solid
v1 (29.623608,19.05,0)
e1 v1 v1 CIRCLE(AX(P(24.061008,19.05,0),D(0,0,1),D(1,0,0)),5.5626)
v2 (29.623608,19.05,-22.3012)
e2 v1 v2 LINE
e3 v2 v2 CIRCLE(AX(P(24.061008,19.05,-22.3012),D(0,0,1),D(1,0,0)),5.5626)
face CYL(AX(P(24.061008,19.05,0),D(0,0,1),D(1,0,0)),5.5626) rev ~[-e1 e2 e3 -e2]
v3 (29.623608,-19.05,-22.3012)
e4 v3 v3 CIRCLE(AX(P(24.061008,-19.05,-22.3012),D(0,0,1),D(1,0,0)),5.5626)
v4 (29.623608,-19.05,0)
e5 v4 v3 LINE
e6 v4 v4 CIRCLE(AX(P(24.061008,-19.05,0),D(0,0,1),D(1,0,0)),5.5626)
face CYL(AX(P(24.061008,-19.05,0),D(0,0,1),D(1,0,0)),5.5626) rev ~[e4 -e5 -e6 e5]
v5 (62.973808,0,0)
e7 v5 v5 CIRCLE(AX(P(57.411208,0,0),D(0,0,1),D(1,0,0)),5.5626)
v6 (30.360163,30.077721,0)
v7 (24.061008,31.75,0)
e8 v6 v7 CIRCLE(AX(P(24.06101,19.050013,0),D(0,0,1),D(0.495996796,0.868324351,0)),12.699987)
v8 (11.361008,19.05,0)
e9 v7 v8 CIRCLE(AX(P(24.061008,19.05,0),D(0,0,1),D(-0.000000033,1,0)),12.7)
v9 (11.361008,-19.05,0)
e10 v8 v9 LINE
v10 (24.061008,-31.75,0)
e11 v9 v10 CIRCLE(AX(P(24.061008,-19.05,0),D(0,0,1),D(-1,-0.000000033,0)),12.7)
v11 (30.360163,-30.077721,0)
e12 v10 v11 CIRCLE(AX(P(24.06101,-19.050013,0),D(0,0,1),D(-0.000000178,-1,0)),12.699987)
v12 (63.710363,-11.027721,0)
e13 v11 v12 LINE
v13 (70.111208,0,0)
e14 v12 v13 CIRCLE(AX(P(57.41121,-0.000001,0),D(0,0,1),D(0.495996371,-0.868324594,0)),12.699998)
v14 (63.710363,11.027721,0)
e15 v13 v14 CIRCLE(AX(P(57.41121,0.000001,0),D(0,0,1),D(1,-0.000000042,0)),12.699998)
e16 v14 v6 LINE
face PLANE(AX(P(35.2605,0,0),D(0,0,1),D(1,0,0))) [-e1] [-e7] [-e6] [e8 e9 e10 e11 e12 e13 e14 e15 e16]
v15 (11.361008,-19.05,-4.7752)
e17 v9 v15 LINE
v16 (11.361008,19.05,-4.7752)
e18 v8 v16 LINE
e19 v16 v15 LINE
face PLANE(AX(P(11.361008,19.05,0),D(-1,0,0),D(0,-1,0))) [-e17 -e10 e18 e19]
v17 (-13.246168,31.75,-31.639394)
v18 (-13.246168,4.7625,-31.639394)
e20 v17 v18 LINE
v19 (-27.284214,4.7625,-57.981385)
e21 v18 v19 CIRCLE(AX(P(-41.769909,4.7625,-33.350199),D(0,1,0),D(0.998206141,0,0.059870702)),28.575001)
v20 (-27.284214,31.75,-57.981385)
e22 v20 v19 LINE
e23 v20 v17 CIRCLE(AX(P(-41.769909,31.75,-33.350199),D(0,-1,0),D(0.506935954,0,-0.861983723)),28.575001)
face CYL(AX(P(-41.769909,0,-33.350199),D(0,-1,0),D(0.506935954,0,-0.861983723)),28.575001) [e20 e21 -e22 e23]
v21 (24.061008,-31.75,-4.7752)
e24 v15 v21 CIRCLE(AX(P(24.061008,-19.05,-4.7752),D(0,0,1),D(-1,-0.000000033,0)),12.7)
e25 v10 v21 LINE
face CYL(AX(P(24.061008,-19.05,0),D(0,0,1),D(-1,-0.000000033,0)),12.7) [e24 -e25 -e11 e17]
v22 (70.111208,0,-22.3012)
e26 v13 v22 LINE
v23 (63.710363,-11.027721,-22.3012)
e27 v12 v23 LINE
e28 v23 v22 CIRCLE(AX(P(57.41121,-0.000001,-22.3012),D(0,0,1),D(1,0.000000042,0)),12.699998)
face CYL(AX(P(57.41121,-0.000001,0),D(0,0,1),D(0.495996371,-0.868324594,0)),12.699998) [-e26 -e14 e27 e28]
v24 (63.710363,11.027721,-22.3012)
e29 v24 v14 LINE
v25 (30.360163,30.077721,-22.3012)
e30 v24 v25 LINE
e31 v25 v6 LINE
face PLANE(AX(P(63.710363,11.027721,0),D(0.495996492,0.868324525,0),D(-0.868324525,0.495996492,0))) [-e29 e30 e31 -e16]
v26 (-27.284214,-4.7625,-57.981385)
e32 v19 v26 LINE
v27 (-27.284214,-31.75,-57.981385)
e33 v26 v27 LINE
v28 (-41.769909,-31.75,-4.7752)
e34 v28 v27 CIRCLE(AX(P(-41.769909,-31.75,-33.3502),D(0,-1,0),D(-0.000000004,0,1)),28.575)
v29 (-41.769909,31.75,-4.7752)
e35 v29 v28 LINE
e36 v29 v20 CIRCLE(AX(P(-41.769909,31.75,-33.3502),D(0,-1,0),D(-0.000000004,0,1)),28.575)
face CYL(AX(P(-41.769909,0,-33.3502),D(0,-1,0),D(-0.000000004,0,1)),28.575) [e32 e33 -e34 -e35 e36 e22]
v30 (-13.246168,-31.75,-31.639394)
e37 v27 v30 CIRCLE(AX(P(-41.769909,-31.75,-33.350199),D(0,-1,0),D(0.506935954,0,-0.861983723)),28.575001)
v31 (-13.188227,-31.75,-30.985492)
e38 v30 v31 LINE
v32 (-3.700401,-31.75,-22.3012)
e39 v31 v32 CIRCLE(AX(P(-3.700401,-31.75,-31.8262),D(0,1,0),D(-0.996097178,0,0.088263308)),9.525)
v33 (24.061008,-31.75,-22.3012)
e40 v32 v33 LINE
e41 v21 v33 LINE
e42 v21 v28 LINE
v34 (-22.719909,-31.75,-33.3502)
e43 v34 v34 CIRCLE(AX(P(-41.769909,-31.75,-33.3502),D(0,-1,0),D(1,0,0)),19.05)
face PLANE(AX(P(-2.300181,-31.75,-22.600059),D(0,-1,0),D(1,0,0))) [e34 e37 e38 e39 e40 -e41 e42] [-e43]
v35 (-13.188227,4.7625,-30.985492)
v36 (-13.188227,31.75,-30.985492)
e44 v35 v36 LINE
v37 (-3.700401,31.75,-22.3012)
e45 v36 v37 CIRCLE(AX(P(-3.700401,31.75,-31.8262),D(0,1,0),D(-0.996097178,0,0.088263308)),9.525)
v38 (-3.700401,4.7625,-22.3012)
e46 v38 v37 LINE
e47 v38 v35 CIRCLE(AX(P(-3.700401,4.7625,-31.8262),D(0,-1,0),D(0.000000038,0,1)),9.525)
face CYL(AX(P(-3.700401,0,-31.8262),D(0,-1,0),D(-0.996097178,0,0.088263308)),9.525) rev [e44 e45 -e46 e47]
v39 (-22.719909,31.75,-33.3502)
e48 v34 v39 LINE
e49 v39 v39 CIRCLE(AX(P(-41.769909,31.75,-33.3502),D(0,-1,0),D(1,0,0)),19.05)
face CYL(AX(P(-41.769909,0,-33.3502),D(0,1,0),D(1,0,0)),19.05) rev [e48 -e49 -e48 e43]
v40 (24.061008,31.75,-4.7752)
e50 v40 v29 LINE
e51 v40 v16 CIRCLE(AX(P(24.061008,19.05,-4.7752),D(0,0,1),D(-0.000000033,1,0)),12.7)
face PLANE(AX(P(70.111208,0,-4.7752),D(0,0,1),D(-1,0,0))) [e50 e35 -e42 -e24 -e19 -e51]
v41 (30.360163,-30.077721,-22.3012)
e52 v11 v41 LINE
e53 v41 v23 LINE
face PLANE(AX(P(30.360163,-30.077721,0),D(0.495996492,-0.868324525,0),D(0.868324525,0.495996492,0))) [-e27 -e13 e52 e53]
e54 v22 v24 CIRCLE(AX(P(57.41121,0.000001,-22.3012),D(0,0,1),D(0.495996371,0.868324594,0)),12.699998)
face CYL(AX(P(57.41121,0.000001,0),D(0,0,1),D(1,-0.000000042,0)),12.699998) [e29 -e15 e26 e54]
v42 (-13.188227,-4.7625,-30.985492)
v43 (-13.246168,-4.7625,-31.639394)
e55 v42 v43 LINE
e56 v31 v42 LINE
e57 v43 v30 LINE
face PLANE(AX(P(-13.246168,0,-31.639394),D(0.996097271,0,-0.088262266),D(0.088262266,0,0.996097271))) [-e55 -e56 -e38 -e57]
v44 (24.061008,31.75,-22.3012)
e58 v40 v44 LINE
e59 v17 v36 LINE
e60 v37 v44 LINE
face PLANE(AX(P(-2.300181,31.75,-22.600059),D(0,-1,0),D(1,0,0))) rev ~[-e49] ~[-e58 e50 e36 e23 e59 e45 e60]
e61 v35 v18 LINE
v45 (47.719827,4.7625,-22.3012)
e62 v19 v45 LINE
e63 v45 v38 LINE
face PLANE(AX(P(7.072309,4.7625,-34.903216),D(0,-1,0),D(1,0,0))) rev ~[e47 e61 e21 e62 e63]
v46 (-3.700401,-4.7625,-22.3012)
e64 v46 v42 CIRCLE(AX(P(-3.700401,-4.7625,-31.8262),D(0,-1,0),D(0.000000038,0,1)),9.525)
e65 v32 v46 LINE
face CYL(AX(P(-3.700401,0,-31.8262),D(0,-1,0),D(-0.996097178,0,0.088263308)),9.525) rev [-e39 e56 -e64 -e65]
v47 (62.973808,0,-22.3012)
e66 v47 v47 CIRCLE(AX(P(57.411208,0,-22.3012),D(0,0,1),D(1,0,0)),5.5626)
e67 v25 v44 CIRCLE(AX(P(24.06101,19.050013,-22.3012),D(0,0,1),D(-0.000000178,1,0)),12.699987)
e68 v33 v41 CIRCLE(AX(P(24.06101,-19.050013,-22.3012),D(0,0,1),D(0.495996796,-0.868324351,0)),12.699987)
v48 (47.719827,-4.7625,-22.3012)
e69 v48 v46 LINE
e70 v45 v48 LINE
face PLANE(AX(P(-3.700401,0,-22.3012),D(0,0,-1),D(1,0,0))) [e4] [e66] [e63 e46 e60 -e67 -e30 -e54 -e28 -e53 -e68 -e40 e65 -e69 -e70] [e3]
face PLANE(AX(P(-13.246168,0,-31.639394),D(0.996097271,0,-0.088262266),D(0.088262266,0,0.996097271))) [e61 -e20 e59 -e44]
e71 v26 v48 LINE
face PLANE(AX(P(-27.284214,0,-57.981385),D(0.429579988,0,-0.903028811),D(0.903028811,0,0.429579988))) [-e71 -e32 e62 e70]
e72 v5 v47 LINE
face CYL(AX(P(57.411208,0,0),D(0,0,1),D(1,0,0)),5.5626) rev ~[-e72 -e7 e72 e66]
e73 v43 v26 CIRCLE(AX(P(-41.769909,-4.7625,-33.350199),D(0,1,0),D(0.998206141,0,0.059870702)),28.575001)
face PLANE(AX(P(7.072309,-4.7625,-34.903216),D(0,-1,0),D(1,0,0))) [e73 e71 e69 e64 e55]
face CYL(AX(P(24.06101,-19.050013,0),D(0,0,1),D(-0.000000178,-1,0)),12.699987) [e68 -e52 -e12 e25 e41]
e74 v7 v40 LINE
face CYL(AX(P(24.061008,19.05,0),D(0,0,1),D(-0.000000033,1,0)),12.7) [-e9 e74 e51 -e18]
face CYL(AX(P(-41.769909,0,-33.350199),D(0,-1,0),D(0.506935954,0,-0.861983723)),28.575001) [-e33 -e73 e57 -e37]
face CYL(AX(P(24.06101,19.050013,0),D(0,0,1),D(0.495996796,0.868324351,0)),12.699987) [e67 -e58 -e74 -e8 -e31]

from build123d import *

# Parameters (mm, degrees)
F0_R     = 19.05
F1_DEPTH = 31.75
F2_DEPTH = 4.7625
F3_R     = 5.5626
F4_DEPTH = 4.7752
F5_DEPTH = 61.9262
F6_DEPTH = 61.9262


with BuildPart() as f1:
    # F0 (on Front) → F1 (new body, symmetric)
    with BuildSketch(Plane.XZ):
        with BuildLine():
            Line((70.111208, -4.7752), (-41.769909, -4.7752))
            ThreePointArc((-41.769909, -4.7752), (-69.341332, -40.856681), (-27.284214, -57.981385))
            ThreePointArc((-27.284214, -57.981385), (-16.552296, -46.789048), (-13.246168, -31.639394))
            Line((-13.246168, -31.639394), (-13.188227, -30.985492))
            ThreePointArc((-13.188227, -30.985492), (-10.131493, -24.800057), (-3.700401, -22.3012))
            Line((-3.700401, -22.3012), (47.719827, -22.3012))
            Line((47.719827, -22.3012), (70.111208, -22.3012))
            Line((70.111208, -22.3012), (70.111208, -4.7752))
        make_face()
        with Locations((-41.769909, -33.3502)):
            Circle(F0_R, mode=Mode.SUBTRACT)
    extrude(amount=F1_DEPTH, both=True)

    # F0 (on Front) → F2 (join, symmetric)
    with BuildSketch(Plane.XZ):
        with BuildLine():
            ThreePointArc((-13.246168, -31.639394), (-16.552296, -46.789048), (-27.284214, -57.981385))
            Line((-27.284214, -57.981385), (47.719827, -22.3012))
            Line((47.719827, -22.3012), (-3.700401, -22.3012))
            ThreePointArc((-3.700401, -22.3012), (-10.131493, -24.800057), (-13.188227, -30.985492))
            Line((-13.188227, -30.985492), (-13.246168, -31.639394))
        make_face()
    extrude(amount=F2_DEPTH, both=True)

    # F3 (on Top) → F4 (join)
    with BuildSketch(Plane.XY):
        with BuildLine():
            Line((11.361008, 19.05), (11.361008, -19.05))
            ThreePointArc((11.361008, -19.05), (15.080752, -28.030256), (24.061008, -31.75))
            ThreePointArc((24.061008, -31.75), (27.319684, -31.324813), (30.360163, -30.077721))
            Line((30.360163, -30.077721), (63.710363, -11.027721))
            ThreePointArc((63.710363, -11.027721), (68.395043, -6.375372), (70.111208, 0))
            ThreePointArc((70.111208, 0), (68.395043, 6.375372), (63.710363, 11.027721))
            Line((63.710363, 11.027721), (30.360163, 30.077721))
            ThreePointArc((30.360163, 30.077721), (27.319684, 31.324813), (24.061008, 31.75))
            ThreePointArc((24.061008, 31.75), (15.080752, 28.030256), (11.361008, 19.05))
        make_face()
        with Locations((24.061008, -19.05)):
            Circle(F3_R, mode=Mode.SUBTRACT)
        with Locations((24.061008, 19.05)):
            Circle(F3_R, mode=Mode.SUBTRACT)
        with Locations((57.411208, 0)):
            Circle(F3_R, mode=Mode.SUBTRACT)
    extrude(amount=-F4_DEPTH)

    # F3 (on Top) → F5 (cut, through all)
    with BuildSketch(Plane.XY):
        with Locations((24.061008, 19.05)):
            Circle(F3_R)
        with Locations((57.411208, 0)):
            Circle(F3_R)
        with Locations((24.061008, -19.05)):
            Circle(F3_R)
    extrude(amount=-F5_DEPTH, mode=Mode.SUBTRACT)

    # F3 (on Top) → F6 (cut, through all)
    with BuildSketch(Plane.XY):
        with BuildLine():
            ThreePointArc((30.360163, -30.077721), (27.319684, -31.324813), (24.061008, -31.75))
            Line((24.061008, -31.75), (70.111208, -31.75))
            Line((70.111208, -31.75), (70.111208, 0))
            ThreePointArc((70.111208, 0), (68.395043, -6.375372), (63.710363, -11.027721))
            Line((63.710363, -11.027721), (30.360163, -30.077721))
        make_face()
        with BuildLine():
            Line((70.111208, 31.75), (24.061008, 31.75))
            ThreePointArc((24.061008, 31.75), (27.319684, 31.324813), (30.360163, 30.077721))
            Line((30.360163, 30.077721), (63.710363, 11.027721))
            ThreePointArc((63.710363, 11.027721), (68.395043, 6.375372), (70.111208, 0))
            Line((70.111208, 0), (70.111208, 31.75))
        make_face()
    extrude(amount=-F6_DEPTH, mode=Mode.SUBTRACT)


solid = f1.part
